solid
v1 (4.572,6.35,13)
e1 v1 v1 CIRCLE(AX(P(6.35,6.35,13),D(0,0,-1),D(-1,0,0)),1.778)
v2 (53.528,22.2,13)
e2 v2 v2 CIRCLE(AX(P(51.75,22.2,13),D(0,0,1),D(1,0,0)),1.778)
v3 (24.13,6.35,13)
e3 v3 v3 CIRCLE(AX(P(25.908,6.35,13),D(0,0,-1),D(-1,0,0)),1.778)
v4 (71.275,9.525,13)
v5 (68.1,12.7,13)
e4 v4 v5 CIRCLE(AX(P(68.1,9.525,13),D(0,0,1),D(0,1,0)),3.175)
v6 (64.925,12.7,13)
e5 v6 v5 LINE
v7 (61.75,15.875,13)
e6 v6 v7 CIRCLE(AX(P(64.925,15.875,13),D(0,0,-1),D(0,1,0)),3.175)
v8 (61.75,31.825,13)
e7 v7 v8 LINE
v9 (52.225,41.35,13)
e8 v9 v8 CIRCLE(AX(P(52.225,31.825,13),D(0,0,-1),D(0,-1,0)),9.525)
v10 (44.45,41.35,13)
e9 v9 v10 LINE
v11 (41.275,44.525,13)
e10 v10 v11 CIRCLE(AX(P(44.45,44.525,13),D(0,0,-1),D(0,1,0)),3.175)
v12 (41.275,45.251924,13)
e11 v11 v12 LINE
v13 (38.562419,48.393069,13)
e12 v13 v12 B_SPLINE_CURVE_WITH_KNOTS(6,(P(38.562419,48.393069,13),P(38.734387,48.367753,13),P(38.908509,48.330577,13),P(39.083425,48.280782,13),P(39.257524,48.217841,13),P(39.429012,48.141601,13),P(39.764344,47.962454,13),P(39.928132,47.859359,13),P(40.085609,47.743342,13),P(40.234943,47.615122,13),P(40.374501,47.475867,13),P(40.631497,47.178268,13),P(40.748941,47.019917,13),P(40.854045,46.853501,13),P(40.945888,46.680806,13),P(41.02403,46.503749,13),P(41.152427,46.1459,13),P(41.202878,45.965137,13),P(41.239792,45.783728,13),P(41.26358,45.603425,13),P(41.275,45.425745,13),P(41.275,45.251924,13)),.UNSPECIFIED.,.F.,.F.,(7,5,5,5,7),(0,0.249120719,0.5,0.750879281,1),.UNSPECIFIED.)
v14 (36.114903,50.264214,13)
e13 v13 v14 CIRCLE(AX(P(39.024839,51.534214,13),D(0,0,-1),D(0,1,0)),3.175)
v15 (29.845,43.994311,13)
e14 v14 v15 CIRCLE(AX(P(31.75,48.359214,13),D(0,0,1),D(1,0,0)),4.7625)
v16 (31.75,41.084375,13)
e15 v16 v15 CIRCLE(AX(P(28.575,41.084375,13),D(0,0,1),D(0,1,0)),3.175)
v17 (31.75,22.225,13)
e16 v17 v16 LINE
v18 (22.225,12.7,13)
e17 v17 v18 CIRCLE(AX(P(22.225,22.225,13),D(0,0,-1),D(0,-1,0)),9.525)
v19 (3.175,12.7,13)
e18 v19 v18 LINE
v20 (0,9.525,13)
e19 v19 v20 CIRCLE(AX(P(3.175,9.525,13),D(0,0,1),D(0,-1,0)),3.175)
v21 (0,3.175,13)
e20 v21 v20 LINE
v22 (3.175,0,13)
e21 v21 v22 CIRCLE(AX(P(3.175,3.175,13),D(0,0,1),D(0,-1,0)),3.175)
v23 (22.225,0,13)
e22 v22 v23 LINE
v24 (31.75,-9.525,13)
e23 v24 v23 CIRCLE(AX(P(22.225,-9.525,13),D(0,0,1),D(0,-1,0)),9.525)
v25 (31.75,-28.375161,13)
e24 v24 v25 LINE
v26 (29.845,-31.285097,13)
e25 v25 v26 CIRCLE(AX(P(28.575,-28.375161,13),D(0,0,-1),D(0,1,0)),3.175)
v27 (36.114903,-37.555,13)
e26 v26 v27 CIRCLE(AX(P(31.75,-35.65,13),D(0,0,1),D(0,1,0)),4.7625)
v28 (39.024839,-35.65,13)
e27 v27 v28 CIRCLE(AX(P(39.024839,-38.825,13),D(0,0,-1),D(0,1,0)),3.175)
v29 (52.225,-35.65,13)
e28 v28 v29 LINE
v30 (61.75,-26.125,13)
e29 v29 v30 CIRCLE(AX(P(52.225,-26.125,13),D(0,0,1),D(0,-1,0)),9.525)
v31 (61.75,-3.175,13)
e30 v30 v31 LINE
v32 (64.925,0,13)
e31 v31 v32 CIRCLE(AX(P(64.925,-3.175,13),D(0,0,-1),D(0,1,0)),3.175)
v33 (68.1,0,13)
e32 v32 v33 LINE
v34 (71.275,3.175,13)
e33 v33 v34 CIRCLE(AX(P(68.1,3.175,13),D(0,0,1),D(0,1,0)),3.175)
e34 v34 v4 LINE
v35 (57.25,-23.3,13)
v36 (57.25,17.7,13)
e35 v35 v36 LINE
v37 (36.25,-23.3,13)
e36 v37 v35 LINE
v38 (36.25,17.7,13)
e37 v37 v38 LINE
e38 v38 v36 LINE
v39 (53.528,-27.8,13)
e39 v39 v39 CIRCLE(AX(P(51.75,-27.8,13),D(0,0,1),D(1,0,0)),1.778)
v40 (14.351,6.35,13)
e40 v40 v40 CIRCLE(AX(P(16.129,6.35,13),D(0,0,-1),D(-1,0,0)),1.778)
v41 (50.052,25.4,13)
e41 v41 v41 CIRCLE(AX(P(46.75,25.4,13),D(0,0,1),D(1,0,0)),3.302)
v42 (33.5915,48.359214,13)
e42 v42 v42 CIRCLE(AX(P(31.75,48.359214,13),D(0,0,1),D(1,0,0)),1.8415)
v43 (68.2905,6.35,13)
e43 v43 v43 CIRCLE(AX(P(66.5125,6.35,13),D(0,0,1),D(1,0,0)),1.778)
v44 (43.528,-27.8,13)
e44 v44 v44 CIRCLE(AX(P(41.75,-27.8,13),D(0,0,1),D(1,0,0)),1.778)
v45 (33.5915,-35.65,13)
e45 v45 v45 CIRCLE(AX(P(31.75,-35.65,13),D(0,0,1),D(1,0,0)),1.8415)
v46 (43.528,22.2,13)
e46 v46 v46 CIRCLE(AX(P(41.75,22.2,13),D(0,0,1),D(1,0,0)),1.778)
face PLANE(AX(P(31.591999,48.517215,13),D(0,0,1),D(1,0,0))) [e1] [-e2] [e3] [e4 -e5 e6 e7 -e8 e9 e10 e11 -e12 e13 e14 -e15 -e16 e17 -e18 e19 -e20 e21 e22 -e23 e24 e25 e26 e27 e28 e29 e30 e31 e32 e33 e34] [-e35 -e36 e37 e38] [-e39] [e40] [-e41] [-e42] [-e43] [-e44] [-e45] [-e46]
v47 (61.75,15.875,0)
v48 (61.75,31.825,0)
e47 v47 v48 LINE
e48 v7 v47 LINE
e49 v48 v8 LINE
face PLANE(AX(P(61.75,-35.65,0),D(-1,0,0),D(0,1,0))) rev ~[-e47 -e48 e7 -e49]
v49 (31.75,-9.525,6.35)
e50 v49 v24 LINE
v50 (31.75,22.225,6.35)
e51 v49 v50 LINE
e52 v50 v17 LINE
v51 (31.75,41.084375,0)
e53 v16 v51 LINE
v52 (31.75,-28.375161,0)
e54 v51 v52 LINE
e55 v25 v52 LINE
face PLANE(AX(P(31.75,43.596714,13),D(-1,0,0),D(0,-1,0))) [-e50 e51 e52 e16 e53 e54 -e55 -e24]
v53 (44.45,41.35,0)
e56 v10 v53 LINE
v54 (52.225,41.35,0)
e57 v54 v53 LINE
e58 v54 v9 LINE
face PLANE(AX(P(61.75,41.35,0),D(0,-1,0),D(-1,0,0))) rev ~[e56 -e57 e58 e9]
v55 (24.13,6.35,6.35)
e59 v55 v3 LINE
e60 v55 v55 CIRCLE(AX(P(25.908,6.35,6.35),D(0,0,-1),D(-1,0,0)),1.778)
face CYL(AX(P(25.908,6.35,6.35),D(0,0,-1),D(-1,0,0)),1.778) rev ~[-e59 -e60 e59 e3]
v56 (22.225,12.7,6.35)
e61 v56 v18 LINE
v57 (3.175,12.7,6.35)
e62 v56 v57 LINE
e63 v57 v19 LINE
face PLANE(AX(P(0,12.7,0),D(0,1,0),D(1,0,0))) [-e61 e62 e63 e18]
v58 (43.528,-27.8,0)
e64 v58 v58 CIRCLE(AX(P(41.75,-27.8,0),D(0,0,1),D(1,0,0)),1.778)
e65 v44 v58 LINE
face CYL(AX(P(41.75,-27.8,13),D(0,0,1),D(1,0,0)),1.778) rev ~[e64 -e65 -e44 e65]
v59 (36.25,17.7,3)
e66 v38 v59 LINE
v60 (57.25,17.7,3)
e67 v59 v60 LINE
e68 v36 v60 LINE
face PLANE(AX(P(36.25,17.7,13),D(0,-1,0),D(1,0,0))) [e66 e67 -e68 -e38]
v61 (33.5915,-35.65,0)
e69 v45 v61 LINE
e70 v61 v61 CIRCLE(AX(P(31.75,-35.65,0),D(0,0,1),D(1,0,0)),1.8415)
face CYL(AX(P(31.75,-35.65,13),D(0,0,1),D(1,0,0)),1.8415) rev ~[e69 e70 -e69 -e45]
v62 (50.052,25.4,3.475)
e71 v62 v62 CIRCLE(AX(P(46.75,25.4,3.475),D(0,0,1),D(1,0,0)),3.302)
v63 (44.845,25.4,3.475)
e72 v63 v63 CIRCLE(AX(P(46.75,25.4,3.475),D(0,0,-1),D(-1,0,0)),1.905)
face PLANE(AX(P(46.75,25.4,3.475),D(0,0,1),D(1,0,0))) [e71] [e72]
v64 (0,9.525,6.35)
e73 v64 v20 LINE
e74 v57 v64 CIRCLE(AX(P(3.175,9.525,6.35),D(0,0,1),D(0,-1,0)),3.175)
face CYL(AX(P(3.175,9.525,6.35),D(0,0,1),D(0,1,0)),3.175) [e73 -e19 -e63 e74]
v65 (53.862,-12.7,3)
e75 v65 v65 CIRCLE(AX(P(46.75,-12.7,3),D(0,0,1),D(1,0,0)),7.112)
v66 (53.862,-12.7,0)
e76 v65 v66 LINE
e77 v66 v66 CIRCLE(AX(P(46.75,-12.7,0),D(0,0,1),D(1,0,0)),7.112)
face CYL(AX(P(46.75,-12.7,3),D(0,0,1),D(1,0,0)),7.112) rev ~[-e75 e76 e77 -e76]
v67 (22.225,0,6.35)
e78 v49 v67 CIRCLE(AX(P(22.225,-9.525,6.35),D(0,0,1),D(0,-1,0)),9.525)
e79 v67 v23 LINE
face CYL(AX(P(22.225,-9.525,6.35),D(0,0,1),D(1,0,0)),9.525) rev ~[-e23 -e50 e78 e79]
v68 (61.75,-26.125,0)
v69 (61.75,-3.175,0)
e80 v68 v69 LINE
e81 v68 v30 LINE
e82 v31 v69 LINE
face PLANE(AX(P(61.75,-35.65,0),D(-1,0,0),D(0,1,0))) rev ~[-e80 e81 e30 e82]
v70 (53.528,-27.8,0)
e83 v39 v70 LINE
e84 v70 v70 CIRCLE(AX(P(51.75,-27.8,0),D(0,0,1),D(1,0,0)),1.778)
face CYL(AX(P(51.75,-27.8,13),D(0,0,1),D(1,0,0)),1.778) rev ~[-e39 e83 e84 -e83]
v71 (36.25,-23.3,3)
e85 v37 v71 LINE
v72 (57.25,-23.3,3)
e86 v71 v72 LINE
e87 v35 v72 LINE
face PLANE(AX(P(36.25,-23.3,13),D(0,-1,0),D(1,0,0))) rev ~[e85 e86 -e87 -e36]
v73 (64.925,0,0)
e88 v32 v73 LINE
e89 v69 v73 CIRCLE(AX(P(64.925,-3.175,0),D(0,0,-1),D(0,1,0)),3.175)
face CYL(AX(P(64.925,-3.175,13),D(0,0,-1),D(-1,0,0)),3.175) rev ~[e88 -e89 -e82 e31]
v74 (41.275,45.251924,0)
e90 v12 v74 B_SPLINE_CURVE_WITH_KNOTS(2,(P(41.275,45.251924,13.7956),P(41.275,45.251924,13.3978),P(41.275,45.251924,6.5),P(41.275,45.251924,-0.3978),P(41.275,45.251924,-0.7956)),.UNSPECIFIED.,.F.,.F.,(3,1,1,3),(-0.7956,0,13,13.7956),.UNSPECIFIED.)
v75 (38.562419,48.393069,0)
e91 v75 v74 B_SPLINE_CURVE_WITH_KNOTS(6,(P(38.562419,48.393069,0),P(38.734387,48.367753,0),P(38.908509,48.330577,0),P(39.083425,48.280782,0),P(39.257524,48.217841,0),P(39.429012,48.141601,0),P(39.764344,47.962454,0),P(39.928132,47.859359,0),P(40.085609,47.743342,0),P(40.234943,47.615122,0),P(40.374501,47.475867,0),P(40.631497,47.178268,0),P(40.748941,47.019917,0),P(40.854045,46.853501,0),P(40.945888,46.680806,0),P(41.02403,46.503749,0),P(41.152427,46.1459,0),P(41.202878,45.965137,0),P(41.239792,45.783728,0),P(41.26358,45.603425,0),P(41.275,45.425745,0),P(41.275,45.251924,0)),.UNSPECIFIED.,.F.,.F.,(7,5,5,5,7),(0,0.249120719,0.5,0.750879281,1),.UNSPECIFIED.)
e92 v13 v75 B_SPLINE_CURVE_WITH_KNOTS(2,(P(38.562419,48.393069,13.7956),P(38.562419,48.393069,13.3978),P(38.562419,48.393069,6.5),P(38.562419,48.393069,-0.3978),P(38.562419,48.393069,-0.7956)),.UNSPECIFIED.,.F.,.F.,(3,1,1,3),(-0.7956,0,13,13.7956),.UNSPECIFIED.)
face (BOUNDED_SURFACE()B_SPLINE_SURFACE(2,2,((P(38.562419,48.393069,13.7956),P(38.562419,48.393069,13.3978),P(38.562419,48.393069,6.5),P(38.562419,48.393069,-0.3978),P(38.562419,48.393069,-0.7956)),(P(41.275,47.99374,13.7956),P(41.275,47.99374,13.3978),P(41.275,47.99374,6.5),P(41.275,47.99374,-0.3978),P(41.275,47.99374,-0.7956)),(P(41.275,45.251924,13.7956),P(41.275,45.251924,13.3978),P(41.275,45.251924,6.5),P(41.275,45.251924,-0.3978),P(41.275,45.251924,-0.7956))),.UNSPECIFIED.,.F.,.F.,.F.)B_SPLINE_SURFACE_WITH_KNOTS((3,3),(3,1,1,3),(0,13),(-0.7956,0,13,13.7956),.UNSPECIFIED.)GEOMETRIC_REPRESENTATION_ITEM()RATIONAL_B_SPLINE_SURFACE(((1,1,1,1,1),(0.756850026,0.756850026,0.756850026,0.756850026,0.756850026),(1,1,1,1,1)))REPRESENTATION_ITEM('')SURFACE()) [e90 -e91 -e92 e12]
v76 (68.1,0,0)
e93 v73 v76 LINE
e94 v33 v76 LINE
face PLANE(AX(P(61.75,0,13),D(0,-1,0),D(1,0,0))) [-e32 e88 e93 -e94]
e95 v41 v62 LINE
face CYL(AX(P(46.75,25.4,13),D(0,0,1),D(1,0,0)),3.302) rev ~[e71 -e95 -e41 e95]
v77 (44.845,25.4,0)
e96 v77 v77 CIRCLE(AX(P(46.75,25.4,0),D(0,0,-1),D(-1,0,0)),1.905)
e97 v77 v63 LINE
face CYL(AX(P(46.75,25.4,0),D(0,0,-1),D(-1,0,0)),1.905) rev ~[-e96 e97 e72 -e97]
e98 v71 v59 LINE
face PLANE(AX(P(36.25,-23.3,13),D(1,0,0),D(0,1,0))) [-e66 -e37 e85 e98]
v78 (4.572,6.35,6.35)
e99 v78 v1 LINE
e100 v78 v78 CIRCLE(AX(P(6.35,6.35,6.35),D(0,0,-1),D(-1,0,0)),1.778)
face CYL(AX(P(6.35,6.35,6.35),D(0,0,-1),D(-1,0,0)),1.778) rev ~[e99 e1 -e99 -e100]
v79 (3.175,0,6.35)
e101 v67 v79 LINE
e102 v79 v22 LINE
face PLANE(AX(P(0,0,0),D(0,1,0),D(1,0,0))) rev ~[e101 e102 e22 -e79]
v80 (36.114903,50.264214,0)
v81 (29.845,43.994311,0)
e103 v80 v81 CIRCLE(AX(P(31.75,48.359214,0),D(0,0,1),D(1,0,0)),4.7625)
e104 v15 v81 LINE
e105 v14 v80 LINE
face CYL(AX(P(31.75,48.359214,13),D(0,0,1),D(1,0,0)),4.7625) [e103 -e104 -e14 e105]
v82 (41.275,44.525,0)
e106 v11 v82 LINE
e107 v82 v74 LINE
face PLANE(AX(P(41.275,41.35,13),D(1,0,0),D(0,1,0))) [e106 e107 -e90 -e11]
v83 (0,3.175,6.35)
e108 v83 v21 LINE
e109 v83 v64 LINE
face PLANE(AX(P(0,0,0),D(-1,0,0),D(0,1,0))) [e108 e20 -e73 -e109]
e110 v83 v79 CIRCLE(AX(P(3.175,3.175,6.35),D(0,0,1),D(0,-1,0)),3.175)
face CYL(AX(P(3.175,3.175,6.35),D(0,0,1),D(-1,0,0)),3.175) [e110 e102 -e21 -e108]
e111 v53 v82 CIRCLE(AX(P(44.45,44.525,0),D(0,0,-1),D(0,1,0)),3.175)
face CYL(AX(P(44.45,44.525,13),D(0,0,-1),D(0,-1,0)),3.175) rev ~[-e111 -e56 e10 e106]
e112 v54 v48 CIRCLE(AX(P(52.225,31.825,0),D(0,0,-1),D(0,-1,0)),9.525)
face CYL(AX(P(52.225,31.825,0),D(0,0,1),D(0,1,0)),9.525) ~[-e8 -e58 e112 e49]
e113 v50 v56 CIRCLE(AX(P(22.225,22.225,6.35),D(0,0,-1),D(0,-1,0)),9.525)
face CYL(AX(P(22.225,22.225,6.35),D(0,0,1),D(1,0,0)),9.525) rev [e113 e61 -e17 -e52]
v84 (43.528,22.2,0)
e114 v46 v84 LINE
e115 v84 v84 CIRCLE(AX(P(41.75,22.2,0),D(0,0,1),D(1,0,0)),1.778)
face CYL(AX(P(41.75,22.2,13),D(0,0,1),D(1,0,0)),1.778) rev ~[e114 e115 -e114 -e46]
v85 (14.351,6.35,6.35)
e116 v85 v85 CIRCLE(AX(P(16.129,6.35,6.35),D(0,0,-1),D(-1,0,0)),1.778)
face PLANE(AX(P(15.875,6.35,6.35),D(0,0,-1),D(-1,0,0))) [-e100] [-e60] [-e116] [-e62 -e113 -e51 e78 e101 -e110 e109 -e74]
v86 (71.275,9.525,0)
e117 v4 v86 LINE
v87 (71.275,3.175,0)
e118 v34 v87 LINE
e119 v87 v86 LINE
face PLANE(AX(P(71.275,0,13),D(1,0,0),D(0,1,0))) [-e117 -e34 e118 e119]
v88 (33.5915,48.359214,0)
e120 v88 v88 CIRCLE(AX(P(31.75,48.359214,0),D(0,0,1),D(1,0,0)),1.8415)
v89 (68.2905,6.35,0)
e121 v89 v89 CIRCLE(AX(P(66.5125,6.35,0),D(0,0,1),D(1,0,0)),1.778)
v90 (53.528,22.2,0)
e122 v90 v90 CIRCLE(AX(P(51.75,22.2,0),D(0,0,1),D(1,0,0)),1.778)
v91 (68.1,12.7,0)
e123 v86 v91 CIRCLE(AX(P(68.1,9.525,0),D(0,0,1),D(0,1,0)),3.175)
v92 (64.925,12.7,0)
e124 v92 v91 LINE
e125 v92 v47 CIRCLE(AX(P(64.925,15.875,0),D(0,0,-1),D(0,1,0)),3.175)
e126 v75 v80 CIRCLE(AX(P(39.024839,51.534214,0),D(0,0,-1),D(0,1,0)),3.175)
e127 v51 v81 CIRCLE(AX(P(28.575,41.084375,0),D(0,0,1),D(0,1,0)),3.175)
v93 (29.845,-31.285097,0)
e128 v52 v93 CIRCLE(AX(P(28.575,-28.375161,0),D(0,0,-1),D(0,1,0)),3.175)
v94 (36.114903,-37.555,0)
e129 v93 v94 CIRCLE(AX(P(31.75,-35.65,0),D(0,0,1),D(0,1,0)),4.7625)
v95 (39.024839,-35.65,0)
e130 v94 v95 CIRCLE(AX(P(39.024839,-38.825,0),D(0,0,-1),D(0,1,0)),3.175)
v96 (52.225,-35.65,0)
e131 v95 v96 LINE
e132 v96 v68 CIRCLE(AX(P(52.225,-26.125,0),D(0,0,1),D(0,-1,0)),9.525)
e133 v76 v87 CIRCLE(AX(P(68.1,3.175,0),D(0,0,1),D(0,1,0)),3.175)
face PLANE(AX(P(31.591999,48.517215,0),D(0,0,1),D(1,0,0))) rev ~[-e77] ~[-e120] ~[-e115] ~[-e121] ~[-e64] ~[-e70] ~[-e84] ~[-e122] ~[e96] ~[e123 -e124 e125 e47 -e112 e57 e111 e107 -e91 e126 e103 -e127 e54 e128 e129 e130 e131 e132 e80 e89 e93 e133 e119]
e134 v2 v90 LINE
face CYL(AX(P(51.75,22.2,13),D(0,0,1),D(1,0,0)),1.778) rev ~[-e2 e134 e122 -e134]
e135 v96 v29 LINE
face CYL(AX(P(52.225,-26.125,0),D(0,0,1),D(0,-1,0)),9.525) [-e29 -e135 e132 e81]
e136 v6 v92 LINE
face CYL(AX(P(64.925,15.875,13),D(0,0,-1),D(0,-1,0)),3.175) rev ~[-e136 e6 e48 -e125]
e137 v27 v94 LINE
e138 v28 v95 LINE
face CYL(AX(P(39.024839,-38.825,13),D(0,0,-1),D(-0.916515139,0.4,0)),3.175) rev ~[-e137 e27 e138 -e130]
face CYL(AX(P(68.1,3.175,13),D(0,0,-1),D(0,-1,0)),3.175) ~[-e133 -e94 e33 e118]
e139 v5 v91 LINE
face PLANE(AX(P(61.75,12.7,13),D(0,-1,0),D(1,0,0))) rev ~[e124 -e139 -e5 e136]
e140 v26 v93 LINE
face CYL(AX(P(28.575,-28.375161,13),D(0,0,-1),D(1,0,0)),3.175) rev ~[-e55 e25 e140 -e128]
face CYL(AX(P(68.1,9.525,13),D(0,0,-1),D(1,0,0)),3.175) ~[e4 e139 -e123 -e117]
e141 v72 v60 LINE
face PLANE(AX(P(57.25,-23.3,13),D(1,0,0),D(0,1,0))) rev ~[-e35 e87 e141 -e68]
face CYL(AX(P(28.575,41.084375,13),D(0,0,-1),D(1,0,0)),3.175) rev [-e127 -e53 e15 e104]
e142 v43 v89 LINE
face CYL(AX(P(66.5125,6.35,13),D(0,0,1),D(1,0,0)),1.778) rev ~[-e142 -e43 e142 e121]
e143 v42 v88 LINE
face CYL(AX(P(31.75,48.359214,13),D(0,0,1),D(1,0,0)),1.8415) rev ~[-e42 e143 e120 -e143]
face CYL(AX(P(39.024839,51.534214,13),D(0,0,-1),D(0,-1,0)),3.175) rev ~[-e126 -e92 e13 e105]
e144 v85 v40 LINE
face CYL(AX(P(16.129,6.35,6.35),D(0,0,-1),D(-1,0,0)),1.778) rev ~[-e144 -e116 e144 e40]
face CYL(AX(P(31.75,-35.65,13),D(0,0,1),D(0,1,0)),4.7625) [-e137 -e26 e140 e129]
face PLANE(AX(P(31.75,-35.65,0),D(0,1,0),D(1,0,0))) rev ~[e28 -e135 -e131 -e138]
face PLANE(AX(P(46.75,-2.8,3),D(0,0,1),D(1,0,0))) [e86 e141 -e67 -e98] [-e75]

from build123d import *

# Parameters (mm, degrees)
SKETCH1_W           = 31.75
SKETCH1_H           = 12.7
SKETCH1_W_2         = 30
SKETCH1_H_2         = 7
BOSS_EXTRUDE1_DEPTH = 13
SKETCH4_R           = 1.778
CUT_EXTRUDE3_DEPTH  = 14
SKETCH5_W           = 21
SKETCH5_H           = 41
CUT_EXTRUDE4_DEPTH  = 10
SKETCH6_R           = 7.112
CUT_EXTRUDE5_DEPTH  = 4
SKETCH7_W           = 31.75
SKETCH7_H           = 12.7
CUT_EXTRUDE6_DEPTH  = 6.35
SKETCH8_R           = 1.778
CUT_EXTRUDE7_DEPTH  = 7.65
SKETCH10_R          = 1.905
CUT_EXTRUDE8_DEPTH  = 14
SKETCH11_R          = 3.302
CUT_EXTRUDE9_DEPTH  = 9.525
SKETCH13_W          = 9.525
SKETCH13_H          = 12.7
SKETCH13_R          = 1.778
BOSS_EXTRUDE2_DEPTH = 13
BOSS_EXTRUDE3_DEPTH = 13
SKETCH18_R          = 1.8415
CUT_EXTRUDE10_DEPTH = 14
FILLET1_R           = 9.525
FILLET2_R           = 3.175
FILLET3_R           = 3.175


with BuildPart() as part:
    # Sketch1 → Boss-Extrude1 (new body)
    with BuildSketch(Plane.XY):
        Polygon((31.75, 12.7), (31.75, 0), (31.75, -28.65), (61.75, -28.65), (61.75, 0), (61.75, 12.7), (61.75, 41.35), (31.75, 41.35), align=None)
        with Locations((15.875, 6.35)):
            Rectangle(SKETCH1_W, SKETCH1_H)
        with Locations((46.75, -32.15)):
            Rectangle(SKETCH1_W_2, SKETCH1_H_2)
    extrude(amount=BOSS_EXTRUDE1_DEPTH)

    # Sketch4 → Cut-Extrude3 (cut, through all)
    with BuildSketch(Plane.XY.offset(13)):
        with Locations((41.75, 22.199999832)):
            Circle(SKETCH4_R)
        with Locations((51.75, 22.199999832)):
            Circle(SKETCH4_R)
        with Locations((41.75, -27.800000168)):
            Circle(SKETCH4_R)
        with Locations((51.75, -27.800000168)):
            Circle(SKETCH4_R)
    extrude(amount=-CUT_EXTRUDE3_DEPTH, mode=Mode.SUBTRACT)

    # Sketch5 → Cut-Extrude4 (cut)
    with BuildSketch(Plane.XY.offset(13)):
        with Locations((46.75, -2.800000024)):
            Rectangle(SKETCH5_W, SKETCH5_H)
    extrude(amount=-CUT_EXTRUDE4_DEPTH, mode=Mode.SUBTRACT)

    # Sketch6 → Cut-Extrude5 (cut, through all)
    with BuildSketch(Plane.XY.offset(3)):
        with Locations((46.75, -12.700000168)):
            Circle(SKETCH6_R)
    extrude(amount=-CUT_EXTRUDE5_DEPTH, mode=Mode.SUBTRACT)

    # Sketch7 → Cut-Extrude6 (cut)
    with BuildSketch(Plane(origin=(0, 0, 0), x_dir=(-1, 0, 0), z_dir=(0, 0, -1))):
        with Locations((-15.875, 6.35)):
            Rectangle(SKETCH7_W, SKETCH7_H)
    extrude(amount=-CUT_EXTRUDE6_DEPTH, mode=Mode.SUBTRACT)

    # Sketch8 → Cut-Extrude7 (cut, through all)
    with BuildSketch(Plane(origin=(0, 0, 6.35), x_dir=(-1, 0, 0), z_dir=(0, 0, -1))):
        with Locations((-6.35, 6.35)):
            Circle(SKETCH8_R)
        with Locations((-25.908, 6.35)):
            Circle(SKETCH8_R)
        with Locations((-16.129, 6.35)):
            Circle(SKETCH8_R)
    extrude(amount=-CUT_EXTRUDE7_DEPTH, mode=Mode.SUBTRACT)

    # Sketch10 → Cut-Extrude8 (cut, through all)
    with BuildSketch(Plane(origin=(0, 0, 0), x_dir=(-1, 0, 0), z_dir=(0, 0, -1))):
        with Locations((-46.75, 25.4)):
            Circle(SKETCH10_R)
    extrude(amount=-CUT_EXTRUDE8_DEPTH, mode=Mode.SUBTRACT)

    # Sketch11 → Cut-Extrude9 (cut)
    with BuildSketch(Plane.XY.offset(13)):
        with Locations((46.75, 25.4)):
            Circle(SKETCH11_R)
    extrude(amount=-CUT_EXTRUDE9_DEPTH, mode=Mode.SUBTRACT)

    # Sketch13 → Boss-Extrude2 (add)
    with BuildSketch(Plane.XY.offset(13)):
        with Locations((66.5125, 6.35)):
            Rectangle(SKETCH13_W, SKETCH13_H)
        with Locations((66.5125, 6.35)):
            Circle(SKETCH13_R, mode=Mode.SUBTRACT)
    extrude(amount=-BOSS_EXTRUDE2_DEPTH)

    # Sketch17 → Boss-Extrude3 (add)
    with BuildSketch(Plane.XY.offset(13)):
        with BuildLine():
            ThreePointArc((36.5125, 48.359214074), (28.382403955, 51.726810119), (31.75, 43.596714074))
            Line((31.75, 43.596714074), (31.75, 48.359214074))
            Line((31.75, 48.359214074), (36.5125, 48.359214074))
        make_face()
        with BuildLine():
            Line((31.75, 48.359214074), (31.75, 43.596714074))
            ThreePointArc((31.75, 43.596714074), (35.117596045, 44.991618029), (36.5125, 48.359214074))
            Line((36.5125, 48.359214074), (31.75, 48.359214074))
        make_face()
        with BuildLine():
            Line((31.75, 43.596714074), (31.75, 41.35))
            Line((31.75, 41.35), (41.275, 41.35))
            Line((41.275, 41.35), (41.275, 48.359214074))
            Line((41.275, 48.359214074), (36.5125, 48.359214074))
            ThreePointArc((36.5125, 48.359214074), (35.117596045, 44.991618029), (31.75, 43.596714074))
        make_face()
        with BuildLine():
            Line((31.75, -35.65), (36.5125, -35.65))
            ThreePointArc((36.5125, -35.65), (35.117596045, -32.282403955), (31.75, -30.8875))
            Line((31.75, -30.8875), (31.75, -35.65))
        make_face()
        with BuildLine():
            ThreePointArc((31.75, -30.8875), (28.382403955, -39.017596045), (36.5125, -35.65))
            Line((36.5125, -35.65), (31.75, -35.65))
            Line((31.75, -35.65), (31.75, -30.8875))
        make_face()
    extrude(amount=-BOSS_EXTRUDE3_DEPTH)

    # Sketch18 → Cut-Extrude10 (cut, through all)
    with BuildSketch(Plane.XY.offset(13)):
        with Locations((31.75, -35.65)):
            Circle(SKETCH18_R)
        with Locations((31.75, 48.359214074)):
            Circle(SKETCH18_R)
    extrude(amount=-CUT_EXTRUDE10_DEPTH, mode=Mode.SUBTRACT)

    # Fillet1
    fillet1_edges = [part.edges().sort_by_distance(p)[0] for p in [
        (31.75, 0, 9.675),
        (31.75, 12.7, 9.675),
        (61.75, 41.35, 6.5),
        (61.75, -35.65, 6.5),
    ]]
    fillet(fillet1_edges, radius=FILLET1_R)

    # Fillet2
    fillet2_edges = [part.edges().sort_by_distance(p)[0] for p in [
        (71.275, 0, 6.5),
        (71.275, 12.7, 6.5),
        (61.75, 12.7, 6.5),
        (61.75, 0, 6.5),
        (31.75, -30.8875, 6.5),
        (36.5125, -35.65, 6.5),
        (31.75, 43.596714074, 6.5),
        (41.275, 41.35, 6.5),
        (36.5125, 48.359214074, 6.5),
    ]]
    fillet(fillet2_edges, radius=FILLET2_R)

    # Fillet3
    fillet3_edges = [part.edges().sort_by_distance(p)[0] for p in [
        (41.275, 48.359214074, 6.5),
        (0, 12.7, 9.675),
        (0, 0, 9.675),
    ]]
    fillet(fillet3_edges, radius=FILLET3_R)


solid = part.part
